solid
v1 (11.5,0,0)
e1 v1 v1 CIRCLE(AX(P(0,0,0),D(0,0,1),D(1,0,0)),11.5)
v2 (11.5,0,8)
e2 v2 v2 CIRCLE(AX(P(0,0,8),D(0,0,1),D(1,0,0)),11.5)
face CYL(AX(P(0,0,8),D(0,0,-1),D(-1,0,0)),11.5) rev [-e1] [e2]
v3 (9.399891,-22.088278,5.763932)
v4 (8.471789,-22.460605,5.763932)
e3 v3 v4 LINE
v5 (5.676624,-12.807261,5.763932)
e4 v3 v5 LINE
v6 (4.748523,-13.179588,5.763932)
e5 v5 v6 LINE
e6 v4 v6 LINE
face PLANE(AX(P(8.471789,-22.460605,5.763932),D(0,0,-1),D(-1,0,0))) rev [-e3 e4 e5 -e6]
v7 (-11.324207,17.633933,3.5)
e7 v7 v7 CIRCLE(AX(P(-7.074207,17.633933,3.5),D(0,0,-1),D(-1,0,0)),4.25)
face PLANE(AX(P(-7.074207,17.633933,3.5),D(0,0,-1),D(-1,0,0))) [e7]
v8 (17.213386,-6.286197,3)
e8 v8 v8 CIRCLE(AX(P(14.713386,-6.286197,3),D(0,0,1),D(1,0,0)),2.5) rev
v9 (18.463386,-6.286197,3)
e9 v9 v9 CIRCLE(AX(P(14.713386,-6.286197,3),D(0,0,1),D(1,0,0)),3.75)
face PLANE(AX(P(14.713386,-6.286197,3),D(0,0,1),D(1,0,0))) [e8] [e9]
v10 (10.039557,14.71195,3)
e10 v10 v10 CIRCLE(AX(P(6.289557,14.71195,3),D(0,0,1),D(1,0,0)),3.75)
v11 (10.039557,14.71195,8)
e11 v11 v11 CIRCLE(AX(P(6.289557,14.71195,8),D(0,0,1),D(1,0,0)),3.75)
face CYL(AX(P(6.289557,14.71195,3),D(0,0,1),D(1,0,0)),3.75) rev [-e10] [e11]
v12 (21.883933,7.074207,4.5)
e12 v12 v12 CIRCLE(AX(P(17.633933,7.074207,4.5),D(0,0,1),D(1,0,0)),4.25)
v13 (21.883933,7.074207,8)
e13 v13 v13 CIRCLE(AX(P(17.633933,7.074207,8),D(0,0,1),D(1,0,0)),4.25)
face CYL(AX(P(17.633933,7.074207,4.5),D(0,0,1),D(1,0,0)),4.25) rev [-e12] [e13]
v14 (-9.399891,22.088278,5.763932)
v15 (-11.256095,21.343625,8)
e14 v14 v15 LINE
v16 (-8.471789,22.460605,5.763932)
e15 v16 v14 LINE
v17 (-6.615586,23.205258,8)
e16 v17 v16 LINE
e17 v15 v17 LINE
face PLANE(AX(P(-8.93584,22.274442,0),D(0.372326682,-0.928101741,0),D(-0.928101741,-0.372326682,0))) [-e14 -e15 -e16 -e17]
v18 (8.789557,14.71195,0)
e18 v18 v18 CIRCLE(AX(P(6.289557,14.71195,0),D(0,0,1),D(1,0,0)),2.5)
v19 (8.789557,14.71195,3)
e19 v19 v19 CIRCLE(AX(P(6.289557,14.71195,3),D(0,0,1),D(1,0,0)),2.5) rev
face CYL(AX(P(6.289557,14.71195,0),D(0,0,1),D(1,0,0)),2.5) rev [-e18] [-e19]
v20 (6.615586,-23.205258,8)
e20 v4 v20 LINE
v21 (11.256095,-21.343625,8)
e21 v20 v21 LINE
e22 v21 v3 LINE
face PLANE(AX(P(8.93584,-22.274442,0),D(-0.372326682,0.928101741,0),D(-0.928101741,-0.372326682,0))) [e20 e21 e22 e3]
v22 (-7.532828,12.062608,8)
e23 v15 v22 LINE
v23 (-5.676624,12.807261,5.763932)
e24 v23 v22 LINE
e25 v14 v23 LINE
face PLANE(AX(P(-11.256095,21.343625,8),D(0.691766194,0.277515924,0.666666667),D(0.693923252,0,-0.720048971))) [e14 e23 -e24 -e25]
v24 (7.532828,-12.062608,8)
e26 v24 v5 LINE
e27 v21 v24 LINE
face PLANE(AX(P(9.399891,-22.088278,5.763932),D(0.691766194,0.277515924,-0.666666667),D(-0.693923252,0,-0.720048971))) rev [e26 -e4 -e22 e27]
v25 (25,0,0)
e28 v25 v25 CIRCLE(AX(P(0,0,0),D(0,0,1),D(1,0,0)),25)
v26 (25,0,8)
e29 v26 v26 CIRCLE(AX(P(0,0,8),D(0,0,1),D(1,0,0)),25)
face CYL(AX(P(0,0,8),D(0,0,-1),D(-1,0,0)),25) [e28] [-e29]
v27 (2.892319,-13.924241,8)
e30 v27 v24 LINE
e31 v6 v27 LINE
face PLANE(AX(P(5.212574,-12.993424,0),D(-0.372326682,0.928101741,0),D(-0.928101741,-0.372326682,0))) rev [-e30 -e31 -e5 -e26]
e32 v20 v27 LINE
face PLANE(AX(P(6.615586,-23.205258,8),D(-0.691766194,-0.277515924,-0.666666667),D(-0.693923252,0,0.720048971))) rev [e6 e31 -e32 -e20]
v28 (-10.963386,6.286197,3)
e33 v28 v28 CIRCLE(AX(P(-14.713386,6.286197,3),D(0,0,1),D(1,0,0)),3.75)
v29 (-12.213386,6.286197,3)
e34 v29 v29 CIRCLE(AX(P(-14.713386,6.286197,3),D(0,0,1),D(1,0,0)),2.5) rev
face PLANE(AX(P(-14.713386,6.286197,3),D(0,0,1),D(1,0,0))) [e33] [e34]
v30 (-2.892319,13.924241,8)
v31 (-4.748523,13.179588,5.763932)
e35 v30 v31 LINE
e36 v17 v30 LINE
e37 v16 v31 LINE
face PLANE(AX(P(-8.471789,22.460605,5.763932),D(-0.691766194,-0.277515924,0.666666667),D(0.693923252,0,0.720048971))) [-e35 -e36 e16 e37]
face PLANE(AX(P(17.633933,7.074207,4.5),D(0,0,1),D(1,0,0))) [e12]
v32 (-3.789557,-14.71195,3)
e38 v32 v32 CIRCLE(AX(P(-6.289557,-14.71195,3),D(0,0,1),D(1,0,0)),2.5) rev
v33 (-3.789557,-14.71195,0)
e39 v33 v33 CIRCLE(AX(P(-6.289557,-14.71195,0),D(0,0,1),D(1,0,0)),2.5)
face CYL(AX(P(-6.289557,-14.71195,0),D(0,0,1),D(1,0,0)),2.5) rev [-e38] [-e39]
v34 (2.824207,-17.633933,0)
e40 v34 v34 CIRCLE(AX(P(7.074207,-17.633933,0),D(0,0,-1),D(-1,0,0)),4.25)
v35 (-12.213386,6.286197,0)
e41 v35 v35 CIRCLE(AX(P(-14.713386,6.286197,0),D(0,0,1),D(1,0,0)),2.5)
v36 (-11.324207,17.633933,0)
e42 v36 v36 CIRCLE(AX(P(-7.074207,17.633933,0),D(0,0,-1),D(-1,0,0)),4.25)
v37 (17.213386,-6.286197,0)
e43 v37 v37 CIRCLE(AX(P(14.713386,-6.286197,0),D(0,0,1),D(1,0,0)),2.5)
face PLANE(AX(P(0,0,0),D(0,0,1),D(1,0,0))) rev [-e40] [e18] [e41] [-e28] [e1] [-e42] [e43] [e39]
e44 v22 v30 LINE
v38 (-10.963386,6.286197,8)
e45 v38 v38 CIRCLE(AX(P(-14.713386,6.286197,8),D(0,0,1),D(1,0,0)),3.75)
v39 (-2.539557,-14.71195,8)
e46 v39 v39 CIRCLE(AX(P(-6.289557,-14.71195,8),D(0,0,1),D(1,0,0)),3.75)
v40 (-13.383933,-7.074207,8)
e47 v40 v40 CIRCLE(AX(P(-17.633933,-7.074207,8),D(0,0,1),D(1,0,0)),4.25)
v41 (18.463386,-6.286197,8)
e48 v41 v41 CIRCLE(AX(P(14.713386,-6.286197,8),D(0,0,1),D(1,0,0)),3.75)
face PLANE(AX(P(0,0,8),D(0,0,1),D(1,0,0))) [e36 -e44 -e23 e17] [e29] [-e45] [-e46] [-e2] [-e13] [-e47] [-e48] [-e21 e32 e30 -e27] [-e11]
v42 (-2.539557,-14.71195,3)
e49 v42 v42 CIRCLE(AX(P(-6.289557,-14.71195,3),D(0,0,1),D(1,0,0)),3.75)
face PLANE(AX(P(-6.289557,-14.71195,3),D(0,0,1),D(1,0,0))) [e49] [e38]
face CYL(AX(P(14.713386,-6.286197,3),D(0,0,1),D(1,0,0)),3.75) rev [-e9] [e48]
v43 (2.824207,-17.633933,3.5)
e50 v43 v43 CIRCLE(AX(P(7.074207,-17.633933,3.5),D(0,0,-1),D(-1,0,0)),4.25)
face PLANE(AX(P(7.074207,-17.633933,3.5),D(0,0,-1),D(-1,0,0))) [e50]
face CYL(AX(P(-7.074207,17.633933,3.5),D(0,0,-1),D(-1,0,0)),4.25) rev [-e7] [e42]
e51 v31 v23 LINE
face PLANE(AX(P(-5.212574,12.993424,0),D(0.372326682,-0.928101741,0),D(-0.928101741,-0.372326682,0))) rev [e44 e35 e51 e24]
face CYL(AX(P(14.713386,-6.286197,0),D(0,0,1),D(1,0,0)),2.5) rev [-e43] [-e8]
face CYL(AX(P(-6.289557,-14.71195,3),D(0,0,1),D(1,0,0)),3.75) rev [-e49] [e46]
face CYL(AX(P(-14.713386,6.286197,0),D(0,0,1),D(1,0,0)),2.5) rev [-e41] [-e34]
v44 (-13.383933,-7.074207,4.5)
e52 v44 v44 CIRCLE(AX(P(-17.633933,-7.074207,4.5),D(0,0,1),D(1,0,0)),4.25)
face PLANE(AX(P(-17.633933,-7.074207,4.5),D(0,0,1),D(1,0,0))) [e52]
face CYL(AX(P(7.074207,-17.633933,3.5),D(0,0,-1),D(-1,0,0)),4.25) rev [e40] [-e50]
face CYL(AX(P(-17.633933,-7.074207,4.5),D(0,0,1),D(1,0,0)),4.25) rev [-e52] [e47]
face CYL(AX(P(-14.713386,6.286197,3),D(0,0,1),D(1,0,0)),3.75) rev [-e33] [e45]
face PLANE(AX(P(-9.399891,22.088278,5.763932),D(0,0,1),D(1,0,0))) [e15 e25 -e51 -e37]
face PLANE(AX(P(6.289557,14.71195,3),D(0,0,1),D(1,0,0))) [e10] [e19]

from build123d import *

# Parameters (mm, degrees)
ESQUISSE1_R             = 25
ESQUISSE1_R_2           = 11.5
BOSS_EXTRU_1_DEPTH      = 8
ESQUISSE2_R             = 2.5
ENL_V_MAT_EXTRU_1_DEPTH = 37.249137921
ESQUISSE4_R             = 3.75
ENL_V_MAT_EXTRU_2_DEPTH = 5
ENL_V_START             = -14
ENL_V_MAT_EXTRU_7_DEPTH = 10
ESQUISSE10_R            = 4.25
ENL_V_MAT_EXTRU_5_DEPTH = 3.5
ESQUISSE12_R            = 4.25
ENL_V_MAT_EXTRU_6_DEPTH = 3.5


with BuildPart() as part:
    # Esquisse1 → Boss.-Extru.1 (new body)
    with BuildSketch(Plane.XY):
        Circle(ESQUISSE1_R)
        Circle(ESQUISSE1_R_2, mode=Mode.SUBTRACT)
    extrude(amount=BOSS_EXTRU_1_DEPTH)

    # Esquisse2 → Enlèv. mat.-Extru.1 (cut, through all)
    with BuildSketch(Plane.XY.offset(8)):
        with Locations((-14.713385832, 6.286197369)):
            Circle(ESQUISSE2_R)
        with Locations((6.28955657, 14.711950182)):
            Circle(ESQUISSE2_R)
        with Locations((14.713385832, -6.286197369)):
            Circle(ESQUISSE2_R)
        with Locations((-6.28955657, -14.711950182)):
            Circle(ESQUISSE2_R)
    extrude(amount=-ENL_V_MAT_EXTRU_1_DEPTH, mode=Mode.SUBTRACT)

    # Esquisse4 → Enlèv. mat.-Extru.2 (cut)
    with BuildSketch(Plane.XY.offset(8)):
        with Locations((-6.28955657, -14.711950182)):
            Circle(ESQUISSE4_R)
        with Locations((14.713385832, -6.286197369)):
            Circle(ESQUISSE4_R)
        with Locations((6.28955657, 14.711950182)):
            Circle(ESQUISSE4_R)
        with Locations((-14.713385832, 6.286197369)):
            Circle(ESQUISSE4_R)
    extrude(amount=-ENL_V_MAT_EXTRU_2_DEPTH, mode=Mode.SUBTRACT)

    # Esquisse13 → Enlèv. mat.-Extru.7 (cut)
    with BuildSketch(Plane(origin=(0, 0, 0), x_dir=(-0.9281017411356184, -0.3723266819622707, 0), z_dir=(-0.3723266819622707, 0.9281017411356184, 0)).offset(ENL_V_START)):
        Polygon((-2.5, 8), (2.5, 8), (0.5, 5.763932023), (-0.5, 5.763932023), align=None)
    enl_v_mat_extru_7 = extrude(amount=-ENL_V_MAT_EXTRU_7_DEPTH, mode=Mode.SUBTRACT)

    # Esquisse10 → Enlèv. mat.-Extru.5 (cut)
    with BuildSketch(Plane(origin=(0, 0, 0), x_dir=(-1, 0, 0), z_dir=(0, 0, -1))):
        with Locations((7.074206957, 17.633933082)):
            Circle(ESQUISSE10_R)
        with Locations((-7.074206957, -17.633933082)):
            Circle(ESQUISSE10_R)
    extrude(amount=-ENL_V_MAT_EXTRU_5_DEPTH, mode=Mode.SUBTRACT)

    # Esquisse12 → Enlèv. mat.-Extru.6 (cut)
    with BuildSketch(Plane.XY.offset(8)):
        with Locations((17.633933082, 7.074206957)):
            Circle(ESQUISSE12_R)
        with Locations((-17.633933082, -7.074206957)):
            Circle(ESQUISSE12_R)
    extrude(amount=-ENL_V_MAT_EXTRU_6_DEPTH, mode=Mode.SUBTRACT)

    # Symétrie1: Enlèv. mat.-Extru.7 across plane
    add(enl_v_mat_extru_7.mirror(Plane(origin=(0, 0, 0), x_dir=(0, 0, 1), z_dir=(-0.3723266819622707, 0.9281017411356184, 0))), mode=Mode.SUBTRACT)


solid = part.part
